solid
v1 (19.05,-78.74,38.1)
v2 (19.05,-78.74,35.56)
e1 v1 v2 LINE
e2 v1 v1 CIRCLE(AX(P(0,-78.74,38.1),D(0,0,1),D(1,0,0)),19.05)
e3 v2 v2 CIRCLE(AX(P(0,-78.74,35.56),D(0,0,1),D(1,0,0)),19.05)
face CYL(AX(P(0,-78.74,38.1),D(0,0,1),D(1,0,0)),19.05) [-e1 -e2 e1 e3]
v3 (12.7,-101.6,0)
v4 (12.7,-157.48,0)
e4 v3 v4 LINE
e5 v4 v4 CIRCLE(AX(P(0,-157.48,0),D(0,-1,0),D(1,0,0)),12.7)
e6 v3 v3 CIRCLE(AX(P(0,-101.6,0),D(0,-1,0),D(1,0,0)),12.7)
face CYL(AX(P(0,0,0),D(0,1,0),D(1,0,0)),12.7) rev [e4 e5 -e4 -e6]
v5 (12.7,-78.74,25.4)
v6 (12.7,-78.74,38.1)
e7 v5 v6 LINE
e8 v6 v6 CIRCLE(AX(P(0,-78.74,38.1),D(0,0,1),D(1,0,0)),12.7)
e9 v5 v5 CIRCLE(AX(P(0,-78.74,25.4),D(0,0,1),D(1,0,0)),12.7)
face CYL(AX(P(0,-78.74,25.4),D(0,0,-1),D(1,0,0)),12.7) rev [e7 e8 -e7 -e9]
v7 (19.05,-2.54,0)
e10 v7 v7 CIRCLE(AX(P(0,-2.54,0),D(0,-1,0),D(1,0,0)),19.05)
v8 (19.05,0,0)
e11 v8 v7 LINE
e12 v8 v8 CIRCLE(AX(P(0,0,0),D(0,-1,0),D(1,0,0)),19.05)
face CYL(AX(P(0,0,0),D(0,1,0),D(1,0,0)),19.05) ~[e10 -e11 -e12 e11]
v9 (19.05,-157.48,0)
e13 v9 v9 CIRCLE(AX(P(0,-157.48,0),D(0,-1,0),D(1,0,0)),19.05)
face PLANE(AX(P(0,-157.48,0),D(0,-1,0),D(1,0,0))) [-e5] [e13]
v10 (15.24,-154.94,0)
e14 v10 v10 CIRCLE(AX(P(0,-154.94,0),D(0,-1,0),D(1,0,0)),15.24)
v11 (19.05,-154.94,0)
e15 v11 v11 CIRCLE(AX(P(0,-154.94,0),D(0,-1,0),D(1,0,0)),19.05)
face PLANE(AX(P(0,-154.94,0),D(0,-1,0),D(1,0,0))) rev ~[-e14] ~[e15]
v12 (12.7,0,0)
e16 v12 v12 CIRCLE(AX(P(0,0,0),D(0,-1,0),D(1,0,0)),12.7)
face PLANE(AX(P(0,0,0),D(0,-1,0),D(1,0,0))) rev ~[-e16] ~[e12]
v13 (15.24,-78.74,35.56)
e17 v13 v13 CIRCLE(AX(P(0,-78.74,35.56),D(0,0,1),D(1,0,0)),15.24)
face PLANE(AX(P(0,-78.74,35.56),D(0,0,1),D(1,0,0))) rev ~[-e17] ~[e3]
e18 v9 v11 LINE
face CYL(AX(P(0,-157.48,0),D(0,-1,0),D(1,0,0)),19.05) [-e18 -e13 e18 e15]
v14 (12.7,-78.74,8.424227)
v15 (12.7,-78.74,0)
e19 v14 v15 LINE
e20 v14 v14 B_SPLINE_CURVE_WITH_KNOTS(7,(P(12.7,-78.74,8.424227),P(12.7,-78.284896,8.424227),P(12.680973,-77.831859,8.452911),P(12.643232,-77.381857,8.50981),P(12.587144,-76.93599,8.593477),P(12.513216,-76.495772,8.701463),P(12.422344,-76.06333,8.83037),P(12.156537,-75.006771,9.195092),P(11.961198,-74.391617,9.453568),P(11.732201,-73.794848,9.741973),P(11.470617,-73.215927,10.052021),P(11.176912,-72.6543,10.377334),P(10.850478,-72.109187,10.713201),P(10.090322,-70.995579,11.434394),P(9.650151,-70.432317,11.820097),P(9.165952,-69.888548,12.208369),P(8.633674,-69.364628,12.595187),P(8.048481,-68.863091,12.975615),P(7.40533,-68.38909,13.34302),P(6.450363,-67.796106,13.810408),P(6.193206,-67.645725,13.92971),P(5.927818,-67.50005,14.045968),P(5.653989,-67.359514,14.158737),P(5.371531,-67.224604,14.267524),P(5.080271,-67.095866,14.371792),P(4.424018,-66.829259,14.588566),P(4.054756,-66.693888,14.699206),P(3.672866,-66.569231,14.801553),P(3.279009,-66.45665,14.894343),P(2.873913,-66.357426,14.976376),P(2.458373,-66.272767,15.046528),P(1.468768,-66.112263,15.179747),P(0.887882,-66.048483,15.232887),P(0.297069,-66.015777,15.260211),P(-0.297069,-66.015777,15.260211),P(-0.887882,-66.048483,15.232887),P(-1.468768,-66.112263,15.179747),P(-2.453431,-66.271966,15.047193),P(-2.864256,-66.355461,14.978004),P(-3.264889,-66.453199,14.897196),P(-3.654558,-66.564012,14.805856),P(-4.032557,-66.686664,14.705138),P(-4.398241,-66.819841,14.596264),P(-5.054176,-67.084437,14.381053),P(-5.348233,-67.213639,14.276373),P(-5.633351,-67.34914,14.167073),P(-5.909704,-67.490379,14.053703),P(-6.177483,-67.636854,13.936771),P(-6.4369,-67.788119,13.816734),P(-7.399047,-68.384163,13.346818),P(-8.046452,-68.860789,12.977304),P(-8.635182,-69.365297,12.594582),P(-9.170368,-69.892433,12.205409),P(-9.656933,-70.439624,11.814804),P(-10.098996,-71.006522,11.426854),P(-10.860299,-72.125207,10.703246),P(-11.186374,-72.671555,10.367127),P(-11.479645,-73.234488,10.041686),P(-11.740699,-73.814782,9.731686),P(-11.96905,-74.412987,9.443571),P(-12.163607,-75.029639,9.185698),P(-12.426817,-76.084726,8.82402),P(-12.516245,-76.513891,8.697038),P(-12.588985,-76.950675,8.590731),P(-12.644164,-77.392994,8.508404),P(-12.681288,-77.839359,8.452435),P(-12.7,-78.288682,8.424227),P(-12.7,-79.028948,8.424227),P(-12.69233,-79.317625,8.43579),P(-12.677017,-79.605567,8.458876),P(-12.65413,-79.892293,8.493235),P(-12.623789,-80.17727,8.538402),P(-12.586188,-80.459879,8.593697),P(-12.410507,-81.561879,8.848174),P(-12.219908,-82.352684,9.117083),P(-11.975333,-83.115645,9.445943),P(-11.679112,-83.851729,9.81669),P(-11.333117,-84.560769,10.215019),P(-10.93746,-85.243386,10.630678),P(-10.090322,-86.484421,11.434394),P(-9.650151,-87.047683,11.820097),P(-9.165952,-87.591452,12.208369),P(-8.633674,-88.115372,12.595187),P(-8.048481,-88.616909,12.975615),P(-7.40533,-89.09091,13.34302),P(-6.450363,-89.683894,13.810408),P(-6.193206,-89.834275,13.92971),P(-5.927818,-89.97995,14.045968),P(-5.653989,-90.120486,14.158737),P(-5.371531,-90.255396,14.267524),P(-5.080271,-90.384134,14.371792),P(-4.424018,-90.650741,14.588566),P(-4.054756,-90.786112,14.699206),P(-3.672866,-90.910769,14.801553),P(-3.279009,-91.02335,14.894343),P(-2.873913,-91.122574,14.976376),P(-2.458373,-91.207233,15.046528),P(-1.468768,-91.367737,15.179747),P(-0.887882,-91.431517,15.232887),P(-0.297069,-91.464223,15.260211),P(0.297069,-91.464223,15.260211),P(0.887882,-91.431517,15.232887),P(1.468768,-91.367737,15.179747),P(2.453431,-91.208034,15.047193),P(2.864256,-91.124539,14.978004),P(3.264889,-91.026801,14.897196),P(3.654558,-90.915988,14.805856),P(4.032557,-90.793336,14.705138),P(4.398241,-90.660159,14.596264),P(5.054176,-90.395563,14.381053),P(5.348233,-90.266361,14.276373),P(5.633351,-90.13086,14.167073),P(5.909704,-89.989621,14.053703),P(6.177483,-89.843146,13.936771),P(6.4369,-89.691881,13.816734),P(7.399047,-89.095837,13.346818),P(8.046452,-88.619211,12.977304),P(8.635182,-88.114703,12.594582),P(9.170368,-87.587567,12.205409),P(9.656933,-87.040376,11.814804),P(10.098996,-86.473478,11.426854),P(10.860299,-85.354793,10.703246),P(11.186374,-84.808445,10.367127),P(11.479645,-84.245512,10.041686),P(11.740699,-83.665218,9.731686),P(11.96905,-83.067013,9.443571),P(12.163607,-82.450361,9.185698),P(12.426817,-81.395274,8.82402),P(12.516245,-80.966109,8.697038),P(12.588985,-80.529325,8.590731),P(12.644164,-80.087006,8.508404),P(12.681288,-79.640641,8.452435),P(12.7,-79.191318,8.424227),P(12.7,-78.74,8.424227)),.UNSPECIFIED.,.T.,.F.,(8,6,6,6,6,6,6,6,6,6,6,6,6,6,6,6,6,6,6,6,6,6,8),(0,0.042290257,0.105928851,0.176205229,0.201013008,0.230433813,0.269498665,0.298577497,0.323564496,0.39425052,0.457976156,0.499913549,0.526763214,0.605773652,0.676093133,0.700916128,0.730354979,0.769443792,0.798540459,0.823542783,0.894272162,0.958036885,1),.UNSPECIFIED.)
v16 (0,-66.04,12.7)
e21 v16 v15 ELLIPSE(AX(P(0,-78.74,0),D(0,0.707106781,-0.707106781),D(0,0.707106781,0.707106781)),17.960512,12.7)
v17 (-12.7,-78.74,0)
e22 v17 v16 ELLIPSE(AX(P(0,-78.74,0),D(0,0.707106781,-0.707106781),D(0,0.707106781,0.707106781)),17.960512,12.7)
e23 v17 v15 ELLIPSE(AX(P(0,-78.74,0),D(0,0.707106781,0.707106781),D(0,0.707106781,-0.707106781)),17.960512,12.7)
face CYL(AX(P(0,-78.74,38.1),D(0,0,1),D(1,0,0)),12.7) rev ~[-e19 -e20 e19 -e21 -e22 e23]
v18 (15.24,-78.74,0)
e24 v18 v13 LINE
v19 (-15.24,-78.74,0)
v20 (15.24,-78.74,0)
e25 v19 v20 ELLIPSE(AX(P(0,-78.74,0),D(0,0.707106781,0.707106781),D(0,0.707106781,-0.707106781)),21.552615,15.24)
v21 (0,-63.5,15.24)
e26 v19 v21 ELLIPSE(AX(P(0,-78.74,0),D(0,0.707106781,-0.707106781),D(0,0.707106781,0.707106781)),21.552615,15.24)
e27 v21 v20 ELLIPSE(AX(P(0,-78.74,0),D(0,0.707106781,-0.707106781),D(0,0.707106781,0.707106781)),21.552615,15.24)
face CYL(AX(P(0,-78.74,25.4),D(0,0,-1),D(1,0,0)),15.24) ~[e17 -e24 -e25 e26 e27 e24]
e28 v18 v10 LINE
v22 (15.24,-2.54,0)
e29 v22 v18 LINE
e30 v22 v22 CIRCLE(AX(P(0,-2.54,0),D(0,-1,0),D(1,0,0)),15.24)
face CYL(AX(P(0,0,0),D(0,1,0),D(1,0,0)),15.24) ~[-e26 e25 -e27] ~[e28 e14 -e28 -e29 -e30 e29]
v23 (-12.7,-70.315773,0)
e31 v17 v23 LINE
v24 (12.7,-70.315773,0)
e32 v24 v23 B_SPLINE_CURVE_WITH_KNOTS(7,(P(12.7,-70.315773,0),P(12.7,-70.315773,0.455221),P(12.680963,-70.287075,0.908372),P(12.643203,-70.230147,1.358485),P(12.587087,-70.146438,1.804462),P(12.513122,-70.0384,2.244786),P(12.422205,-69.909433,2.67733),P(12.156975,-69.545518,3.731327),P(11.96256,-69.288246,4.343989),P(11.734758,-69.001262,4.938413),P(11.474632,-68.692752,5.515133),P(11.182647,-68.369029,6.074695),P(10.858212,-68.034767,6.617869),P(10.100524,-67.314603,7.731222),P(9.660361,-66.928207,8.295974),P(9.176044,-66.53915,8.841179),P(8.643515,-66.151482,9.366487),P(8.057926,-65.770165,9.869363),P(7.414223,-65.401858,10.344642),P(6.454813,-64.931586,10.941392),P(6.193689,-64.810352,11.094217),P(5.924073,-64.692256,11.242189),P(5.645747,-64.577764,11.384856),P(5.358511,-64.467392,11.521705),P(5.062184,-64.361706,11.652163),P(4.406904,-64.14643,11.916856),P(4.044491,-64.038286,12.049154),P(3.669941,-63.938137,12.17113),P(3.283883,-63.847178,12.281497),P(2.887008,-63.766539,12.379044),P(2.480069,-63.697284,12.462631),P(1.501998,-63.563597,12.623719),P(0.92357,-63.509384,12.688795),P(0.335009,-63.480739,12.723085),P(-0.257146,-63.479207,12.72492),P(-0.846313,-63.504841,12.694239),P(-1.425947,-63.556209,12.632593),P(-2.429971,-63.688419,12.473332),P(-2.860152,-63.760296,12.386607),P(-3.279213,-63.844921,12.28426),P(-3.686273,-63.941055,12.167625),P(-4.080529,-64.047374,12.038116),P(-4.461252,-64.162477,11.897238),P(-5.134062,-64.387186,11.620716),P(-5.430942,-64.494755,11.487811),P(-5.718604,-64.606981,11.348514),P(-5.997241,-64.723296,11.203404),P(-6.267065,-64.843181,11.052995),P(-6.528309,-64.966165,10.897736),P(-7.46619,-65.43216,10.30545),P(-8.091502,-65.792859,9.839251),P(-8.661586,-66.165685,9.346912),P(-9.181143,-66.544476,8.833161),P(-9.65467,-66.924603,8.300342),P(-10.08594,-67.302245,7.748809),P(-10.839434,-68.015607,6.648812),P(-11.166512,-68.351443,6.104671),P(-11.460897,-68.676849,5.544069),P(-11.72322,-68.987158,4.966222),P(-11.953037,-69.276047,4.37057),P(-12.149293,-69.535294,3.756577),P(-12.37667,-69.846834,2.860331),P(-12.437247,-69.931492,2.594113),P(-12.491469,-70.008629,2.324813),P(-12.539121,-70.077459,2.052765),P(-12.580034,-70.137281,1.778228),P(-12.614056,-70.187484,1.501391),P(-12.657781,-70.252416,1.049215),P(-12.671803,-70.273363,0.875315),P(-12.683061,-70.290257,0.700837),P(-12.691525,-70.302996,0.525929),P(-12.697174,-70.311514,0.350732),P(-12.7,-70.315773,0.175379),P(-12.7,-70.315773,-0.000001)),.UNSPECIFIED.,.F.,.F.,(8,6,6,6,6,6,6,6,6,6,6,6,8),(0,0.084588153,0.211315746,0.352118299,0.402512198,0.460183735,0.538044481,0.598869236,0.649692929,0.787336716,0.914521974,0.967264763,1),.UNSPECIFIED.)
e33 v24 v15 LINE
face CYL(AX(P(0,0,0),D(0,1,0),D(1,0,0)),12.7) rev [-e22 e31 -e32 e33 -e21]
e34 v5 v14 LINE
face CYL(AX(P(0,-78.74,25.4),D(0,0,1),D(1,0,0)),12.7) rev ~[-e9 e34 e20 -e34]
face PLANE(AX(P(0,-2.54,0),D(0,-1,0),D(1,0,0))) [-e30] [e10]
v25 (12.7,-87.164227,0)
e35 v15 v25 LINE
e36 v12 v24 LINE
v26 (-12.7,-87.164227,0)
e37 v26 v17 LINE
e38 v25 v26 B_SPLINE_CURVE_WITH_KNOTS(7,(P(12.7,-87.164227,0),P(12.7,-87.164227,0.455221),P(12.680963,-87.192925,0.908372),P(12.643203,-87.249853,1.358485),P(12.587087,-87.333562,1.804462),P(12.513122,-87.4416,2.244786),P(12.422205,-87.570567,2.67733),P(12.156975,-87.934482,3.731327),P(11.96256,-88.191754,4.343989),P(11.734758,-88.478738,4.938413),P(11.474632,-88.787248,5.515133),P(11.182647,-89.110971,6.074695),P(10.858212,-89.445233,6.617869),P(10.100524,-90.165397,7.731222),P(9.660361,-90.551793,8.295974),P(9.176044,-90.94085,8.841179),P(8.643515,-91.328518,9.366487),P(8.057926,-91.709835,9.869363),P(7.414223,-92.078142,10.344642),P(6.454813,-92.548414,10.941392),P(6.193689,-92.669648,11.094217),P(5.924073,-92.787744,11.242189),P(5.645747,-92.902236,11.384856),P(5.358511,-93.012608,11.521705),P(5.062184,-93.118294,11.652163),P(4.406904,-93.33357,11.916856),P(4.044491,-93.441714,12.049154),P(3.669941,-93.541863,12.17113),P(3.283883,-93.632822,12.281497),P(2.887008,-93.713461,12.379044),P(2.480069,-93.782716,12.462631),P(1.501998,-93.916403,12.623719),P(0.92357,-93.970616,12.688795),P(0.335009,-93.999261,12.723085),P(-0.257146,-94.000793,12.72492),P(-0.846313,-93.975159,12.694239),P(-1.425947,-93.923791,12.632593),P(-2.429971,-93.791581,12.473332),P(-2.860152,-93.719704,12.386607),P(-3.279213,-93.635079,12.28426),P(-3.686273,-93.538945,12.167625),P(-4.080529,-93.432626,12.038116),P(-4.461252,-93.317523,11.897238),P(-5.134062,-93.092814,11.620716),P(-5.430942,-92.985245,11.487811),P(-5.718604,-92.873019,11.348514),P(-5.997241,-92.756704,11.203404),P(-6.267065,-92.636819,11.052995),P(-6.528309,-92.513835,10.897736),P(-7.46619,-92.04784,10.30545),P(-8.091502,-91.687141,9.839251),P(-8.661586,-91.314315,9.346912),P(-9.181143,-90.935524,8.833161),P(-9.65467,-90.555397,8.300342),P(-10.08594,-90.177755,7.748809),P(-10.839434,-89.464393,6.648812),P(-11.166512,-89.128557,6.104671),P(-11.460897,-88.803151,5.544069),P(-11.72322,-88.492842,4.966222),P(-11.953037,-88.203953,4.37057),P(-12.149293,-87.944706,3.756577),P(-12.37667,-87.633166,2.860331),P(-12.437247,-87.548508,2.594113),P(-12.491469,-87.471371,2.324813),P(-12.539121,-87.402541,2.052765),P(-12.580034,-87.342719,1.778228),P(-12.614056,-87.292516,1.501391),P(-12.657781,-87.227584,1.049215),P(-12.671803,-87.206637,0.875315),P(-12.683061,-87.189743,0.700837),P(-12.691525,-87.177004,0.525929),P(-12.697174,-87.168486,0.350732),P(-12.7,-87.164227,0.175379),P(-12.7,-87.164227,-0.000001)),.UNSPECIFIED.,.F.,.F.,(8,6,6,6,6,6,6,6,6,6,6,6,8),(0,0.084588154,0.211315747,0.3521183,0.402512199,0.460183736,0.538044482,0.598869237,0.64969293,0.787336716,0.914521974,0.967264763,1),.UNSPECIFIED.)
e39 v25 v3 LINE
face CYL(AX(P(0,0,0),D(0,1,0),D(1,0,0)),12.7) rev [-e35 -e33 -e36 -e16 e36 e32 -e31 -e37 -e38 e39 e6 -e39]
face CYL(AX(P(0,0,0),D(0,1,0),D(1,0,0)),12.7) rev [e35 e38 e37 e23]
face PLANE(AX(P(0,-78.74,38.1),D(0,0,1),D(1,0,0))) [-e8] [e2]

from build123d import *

# Parameters (mm, degrees)
F0_R          = 15.24
F0_R_2        = 12.7
F1_DEPTH      = 157.48
F0_R_3        = 19.05
F2_DEPTH      = 2.54
F3_R          = 19.05
F3_R_2        = 15.24
F4_DEPTH      = 2.54
F6_R          = 15.24
F6_R_2        = 12.7
F7_DEPTH      = 25.4
F7_DEPTH_BACK = 12.7
F8_R          = 19.05
F8_R_2        = 15.24
F9_DEPTH      = 2.54
F10_DEPTH     = 101.6
F8_R_3        = 12.7
F11_DEPTH     = 38.1


with BuildPart() as f1:
    # F0 (on Front) → F1 (new body)
    with BuildSketch(Plane.XZ):
        Circle(F0_R)
        Circle(F0_R_2, mode=Mode.SUBTRACT)
    extrude(amount=F1_DEPTH)

    # F0 (on Front) → F2 (join)
    with BuildSketch(Plane.XZ):
        Circle(F0_R_3)
        Circle(F0_R, mode=Mode.SUBTRACT)
    extrude(amount=F2_DEPTH)

    # F3 (on face) → F4 (join)
    with BuildSketch(Plane.XZ.offset(157.48)):
        Circle(F3_R)
        Circle(F3_R_2, mode=Mode.SUBTRACT)
    extrude(amount=-F4_DEPTH)

    # F6 (on offset) → F7 (join, two sides)
    with BuildSketch(Plane.XY.offset(25.4)) as f7_sk:
        with Locations((0, -78.74)):
            Circle(F6_R)
        with Locations((0, -78.74)):
            Circle(F6_R_2, mode=Mode.SUBTRACT)
    extrude(amount=-F7_DEPTH)
    extrude(f7_sk.sketch, amount=F7_DEPTH_BACK)

    # F8 (on face) → F9 (join)
    with BuildSketch(Plane.XY.offset(38.1)):
        with Locations((0, -78.74)):
            Circle(F8_R)
        with Locations((0, -78.74)):
            Circle(F8_R_2, mode=Mode.SUBTRACT)
    extrude(amount=-F9_DEPTH)

    # F0 (on Front) → F10 (cut)
    with BuildSketch(Plane.XZ):
        Circle(F0_R_2)
    extrude(amount=F10_DEPTH, mode=Mode.SUBTRACT)

    # F8 (on face) → F11 (cut)
    with BuildSketch(Plane.XY.offset(38.1)):
        with Locations((0, -78.74)):
            Circle(F8_R_3)
    extrude(amount=-F11_DEPTH, mode=Mode.SUBTRACT)


solid = f1.part
